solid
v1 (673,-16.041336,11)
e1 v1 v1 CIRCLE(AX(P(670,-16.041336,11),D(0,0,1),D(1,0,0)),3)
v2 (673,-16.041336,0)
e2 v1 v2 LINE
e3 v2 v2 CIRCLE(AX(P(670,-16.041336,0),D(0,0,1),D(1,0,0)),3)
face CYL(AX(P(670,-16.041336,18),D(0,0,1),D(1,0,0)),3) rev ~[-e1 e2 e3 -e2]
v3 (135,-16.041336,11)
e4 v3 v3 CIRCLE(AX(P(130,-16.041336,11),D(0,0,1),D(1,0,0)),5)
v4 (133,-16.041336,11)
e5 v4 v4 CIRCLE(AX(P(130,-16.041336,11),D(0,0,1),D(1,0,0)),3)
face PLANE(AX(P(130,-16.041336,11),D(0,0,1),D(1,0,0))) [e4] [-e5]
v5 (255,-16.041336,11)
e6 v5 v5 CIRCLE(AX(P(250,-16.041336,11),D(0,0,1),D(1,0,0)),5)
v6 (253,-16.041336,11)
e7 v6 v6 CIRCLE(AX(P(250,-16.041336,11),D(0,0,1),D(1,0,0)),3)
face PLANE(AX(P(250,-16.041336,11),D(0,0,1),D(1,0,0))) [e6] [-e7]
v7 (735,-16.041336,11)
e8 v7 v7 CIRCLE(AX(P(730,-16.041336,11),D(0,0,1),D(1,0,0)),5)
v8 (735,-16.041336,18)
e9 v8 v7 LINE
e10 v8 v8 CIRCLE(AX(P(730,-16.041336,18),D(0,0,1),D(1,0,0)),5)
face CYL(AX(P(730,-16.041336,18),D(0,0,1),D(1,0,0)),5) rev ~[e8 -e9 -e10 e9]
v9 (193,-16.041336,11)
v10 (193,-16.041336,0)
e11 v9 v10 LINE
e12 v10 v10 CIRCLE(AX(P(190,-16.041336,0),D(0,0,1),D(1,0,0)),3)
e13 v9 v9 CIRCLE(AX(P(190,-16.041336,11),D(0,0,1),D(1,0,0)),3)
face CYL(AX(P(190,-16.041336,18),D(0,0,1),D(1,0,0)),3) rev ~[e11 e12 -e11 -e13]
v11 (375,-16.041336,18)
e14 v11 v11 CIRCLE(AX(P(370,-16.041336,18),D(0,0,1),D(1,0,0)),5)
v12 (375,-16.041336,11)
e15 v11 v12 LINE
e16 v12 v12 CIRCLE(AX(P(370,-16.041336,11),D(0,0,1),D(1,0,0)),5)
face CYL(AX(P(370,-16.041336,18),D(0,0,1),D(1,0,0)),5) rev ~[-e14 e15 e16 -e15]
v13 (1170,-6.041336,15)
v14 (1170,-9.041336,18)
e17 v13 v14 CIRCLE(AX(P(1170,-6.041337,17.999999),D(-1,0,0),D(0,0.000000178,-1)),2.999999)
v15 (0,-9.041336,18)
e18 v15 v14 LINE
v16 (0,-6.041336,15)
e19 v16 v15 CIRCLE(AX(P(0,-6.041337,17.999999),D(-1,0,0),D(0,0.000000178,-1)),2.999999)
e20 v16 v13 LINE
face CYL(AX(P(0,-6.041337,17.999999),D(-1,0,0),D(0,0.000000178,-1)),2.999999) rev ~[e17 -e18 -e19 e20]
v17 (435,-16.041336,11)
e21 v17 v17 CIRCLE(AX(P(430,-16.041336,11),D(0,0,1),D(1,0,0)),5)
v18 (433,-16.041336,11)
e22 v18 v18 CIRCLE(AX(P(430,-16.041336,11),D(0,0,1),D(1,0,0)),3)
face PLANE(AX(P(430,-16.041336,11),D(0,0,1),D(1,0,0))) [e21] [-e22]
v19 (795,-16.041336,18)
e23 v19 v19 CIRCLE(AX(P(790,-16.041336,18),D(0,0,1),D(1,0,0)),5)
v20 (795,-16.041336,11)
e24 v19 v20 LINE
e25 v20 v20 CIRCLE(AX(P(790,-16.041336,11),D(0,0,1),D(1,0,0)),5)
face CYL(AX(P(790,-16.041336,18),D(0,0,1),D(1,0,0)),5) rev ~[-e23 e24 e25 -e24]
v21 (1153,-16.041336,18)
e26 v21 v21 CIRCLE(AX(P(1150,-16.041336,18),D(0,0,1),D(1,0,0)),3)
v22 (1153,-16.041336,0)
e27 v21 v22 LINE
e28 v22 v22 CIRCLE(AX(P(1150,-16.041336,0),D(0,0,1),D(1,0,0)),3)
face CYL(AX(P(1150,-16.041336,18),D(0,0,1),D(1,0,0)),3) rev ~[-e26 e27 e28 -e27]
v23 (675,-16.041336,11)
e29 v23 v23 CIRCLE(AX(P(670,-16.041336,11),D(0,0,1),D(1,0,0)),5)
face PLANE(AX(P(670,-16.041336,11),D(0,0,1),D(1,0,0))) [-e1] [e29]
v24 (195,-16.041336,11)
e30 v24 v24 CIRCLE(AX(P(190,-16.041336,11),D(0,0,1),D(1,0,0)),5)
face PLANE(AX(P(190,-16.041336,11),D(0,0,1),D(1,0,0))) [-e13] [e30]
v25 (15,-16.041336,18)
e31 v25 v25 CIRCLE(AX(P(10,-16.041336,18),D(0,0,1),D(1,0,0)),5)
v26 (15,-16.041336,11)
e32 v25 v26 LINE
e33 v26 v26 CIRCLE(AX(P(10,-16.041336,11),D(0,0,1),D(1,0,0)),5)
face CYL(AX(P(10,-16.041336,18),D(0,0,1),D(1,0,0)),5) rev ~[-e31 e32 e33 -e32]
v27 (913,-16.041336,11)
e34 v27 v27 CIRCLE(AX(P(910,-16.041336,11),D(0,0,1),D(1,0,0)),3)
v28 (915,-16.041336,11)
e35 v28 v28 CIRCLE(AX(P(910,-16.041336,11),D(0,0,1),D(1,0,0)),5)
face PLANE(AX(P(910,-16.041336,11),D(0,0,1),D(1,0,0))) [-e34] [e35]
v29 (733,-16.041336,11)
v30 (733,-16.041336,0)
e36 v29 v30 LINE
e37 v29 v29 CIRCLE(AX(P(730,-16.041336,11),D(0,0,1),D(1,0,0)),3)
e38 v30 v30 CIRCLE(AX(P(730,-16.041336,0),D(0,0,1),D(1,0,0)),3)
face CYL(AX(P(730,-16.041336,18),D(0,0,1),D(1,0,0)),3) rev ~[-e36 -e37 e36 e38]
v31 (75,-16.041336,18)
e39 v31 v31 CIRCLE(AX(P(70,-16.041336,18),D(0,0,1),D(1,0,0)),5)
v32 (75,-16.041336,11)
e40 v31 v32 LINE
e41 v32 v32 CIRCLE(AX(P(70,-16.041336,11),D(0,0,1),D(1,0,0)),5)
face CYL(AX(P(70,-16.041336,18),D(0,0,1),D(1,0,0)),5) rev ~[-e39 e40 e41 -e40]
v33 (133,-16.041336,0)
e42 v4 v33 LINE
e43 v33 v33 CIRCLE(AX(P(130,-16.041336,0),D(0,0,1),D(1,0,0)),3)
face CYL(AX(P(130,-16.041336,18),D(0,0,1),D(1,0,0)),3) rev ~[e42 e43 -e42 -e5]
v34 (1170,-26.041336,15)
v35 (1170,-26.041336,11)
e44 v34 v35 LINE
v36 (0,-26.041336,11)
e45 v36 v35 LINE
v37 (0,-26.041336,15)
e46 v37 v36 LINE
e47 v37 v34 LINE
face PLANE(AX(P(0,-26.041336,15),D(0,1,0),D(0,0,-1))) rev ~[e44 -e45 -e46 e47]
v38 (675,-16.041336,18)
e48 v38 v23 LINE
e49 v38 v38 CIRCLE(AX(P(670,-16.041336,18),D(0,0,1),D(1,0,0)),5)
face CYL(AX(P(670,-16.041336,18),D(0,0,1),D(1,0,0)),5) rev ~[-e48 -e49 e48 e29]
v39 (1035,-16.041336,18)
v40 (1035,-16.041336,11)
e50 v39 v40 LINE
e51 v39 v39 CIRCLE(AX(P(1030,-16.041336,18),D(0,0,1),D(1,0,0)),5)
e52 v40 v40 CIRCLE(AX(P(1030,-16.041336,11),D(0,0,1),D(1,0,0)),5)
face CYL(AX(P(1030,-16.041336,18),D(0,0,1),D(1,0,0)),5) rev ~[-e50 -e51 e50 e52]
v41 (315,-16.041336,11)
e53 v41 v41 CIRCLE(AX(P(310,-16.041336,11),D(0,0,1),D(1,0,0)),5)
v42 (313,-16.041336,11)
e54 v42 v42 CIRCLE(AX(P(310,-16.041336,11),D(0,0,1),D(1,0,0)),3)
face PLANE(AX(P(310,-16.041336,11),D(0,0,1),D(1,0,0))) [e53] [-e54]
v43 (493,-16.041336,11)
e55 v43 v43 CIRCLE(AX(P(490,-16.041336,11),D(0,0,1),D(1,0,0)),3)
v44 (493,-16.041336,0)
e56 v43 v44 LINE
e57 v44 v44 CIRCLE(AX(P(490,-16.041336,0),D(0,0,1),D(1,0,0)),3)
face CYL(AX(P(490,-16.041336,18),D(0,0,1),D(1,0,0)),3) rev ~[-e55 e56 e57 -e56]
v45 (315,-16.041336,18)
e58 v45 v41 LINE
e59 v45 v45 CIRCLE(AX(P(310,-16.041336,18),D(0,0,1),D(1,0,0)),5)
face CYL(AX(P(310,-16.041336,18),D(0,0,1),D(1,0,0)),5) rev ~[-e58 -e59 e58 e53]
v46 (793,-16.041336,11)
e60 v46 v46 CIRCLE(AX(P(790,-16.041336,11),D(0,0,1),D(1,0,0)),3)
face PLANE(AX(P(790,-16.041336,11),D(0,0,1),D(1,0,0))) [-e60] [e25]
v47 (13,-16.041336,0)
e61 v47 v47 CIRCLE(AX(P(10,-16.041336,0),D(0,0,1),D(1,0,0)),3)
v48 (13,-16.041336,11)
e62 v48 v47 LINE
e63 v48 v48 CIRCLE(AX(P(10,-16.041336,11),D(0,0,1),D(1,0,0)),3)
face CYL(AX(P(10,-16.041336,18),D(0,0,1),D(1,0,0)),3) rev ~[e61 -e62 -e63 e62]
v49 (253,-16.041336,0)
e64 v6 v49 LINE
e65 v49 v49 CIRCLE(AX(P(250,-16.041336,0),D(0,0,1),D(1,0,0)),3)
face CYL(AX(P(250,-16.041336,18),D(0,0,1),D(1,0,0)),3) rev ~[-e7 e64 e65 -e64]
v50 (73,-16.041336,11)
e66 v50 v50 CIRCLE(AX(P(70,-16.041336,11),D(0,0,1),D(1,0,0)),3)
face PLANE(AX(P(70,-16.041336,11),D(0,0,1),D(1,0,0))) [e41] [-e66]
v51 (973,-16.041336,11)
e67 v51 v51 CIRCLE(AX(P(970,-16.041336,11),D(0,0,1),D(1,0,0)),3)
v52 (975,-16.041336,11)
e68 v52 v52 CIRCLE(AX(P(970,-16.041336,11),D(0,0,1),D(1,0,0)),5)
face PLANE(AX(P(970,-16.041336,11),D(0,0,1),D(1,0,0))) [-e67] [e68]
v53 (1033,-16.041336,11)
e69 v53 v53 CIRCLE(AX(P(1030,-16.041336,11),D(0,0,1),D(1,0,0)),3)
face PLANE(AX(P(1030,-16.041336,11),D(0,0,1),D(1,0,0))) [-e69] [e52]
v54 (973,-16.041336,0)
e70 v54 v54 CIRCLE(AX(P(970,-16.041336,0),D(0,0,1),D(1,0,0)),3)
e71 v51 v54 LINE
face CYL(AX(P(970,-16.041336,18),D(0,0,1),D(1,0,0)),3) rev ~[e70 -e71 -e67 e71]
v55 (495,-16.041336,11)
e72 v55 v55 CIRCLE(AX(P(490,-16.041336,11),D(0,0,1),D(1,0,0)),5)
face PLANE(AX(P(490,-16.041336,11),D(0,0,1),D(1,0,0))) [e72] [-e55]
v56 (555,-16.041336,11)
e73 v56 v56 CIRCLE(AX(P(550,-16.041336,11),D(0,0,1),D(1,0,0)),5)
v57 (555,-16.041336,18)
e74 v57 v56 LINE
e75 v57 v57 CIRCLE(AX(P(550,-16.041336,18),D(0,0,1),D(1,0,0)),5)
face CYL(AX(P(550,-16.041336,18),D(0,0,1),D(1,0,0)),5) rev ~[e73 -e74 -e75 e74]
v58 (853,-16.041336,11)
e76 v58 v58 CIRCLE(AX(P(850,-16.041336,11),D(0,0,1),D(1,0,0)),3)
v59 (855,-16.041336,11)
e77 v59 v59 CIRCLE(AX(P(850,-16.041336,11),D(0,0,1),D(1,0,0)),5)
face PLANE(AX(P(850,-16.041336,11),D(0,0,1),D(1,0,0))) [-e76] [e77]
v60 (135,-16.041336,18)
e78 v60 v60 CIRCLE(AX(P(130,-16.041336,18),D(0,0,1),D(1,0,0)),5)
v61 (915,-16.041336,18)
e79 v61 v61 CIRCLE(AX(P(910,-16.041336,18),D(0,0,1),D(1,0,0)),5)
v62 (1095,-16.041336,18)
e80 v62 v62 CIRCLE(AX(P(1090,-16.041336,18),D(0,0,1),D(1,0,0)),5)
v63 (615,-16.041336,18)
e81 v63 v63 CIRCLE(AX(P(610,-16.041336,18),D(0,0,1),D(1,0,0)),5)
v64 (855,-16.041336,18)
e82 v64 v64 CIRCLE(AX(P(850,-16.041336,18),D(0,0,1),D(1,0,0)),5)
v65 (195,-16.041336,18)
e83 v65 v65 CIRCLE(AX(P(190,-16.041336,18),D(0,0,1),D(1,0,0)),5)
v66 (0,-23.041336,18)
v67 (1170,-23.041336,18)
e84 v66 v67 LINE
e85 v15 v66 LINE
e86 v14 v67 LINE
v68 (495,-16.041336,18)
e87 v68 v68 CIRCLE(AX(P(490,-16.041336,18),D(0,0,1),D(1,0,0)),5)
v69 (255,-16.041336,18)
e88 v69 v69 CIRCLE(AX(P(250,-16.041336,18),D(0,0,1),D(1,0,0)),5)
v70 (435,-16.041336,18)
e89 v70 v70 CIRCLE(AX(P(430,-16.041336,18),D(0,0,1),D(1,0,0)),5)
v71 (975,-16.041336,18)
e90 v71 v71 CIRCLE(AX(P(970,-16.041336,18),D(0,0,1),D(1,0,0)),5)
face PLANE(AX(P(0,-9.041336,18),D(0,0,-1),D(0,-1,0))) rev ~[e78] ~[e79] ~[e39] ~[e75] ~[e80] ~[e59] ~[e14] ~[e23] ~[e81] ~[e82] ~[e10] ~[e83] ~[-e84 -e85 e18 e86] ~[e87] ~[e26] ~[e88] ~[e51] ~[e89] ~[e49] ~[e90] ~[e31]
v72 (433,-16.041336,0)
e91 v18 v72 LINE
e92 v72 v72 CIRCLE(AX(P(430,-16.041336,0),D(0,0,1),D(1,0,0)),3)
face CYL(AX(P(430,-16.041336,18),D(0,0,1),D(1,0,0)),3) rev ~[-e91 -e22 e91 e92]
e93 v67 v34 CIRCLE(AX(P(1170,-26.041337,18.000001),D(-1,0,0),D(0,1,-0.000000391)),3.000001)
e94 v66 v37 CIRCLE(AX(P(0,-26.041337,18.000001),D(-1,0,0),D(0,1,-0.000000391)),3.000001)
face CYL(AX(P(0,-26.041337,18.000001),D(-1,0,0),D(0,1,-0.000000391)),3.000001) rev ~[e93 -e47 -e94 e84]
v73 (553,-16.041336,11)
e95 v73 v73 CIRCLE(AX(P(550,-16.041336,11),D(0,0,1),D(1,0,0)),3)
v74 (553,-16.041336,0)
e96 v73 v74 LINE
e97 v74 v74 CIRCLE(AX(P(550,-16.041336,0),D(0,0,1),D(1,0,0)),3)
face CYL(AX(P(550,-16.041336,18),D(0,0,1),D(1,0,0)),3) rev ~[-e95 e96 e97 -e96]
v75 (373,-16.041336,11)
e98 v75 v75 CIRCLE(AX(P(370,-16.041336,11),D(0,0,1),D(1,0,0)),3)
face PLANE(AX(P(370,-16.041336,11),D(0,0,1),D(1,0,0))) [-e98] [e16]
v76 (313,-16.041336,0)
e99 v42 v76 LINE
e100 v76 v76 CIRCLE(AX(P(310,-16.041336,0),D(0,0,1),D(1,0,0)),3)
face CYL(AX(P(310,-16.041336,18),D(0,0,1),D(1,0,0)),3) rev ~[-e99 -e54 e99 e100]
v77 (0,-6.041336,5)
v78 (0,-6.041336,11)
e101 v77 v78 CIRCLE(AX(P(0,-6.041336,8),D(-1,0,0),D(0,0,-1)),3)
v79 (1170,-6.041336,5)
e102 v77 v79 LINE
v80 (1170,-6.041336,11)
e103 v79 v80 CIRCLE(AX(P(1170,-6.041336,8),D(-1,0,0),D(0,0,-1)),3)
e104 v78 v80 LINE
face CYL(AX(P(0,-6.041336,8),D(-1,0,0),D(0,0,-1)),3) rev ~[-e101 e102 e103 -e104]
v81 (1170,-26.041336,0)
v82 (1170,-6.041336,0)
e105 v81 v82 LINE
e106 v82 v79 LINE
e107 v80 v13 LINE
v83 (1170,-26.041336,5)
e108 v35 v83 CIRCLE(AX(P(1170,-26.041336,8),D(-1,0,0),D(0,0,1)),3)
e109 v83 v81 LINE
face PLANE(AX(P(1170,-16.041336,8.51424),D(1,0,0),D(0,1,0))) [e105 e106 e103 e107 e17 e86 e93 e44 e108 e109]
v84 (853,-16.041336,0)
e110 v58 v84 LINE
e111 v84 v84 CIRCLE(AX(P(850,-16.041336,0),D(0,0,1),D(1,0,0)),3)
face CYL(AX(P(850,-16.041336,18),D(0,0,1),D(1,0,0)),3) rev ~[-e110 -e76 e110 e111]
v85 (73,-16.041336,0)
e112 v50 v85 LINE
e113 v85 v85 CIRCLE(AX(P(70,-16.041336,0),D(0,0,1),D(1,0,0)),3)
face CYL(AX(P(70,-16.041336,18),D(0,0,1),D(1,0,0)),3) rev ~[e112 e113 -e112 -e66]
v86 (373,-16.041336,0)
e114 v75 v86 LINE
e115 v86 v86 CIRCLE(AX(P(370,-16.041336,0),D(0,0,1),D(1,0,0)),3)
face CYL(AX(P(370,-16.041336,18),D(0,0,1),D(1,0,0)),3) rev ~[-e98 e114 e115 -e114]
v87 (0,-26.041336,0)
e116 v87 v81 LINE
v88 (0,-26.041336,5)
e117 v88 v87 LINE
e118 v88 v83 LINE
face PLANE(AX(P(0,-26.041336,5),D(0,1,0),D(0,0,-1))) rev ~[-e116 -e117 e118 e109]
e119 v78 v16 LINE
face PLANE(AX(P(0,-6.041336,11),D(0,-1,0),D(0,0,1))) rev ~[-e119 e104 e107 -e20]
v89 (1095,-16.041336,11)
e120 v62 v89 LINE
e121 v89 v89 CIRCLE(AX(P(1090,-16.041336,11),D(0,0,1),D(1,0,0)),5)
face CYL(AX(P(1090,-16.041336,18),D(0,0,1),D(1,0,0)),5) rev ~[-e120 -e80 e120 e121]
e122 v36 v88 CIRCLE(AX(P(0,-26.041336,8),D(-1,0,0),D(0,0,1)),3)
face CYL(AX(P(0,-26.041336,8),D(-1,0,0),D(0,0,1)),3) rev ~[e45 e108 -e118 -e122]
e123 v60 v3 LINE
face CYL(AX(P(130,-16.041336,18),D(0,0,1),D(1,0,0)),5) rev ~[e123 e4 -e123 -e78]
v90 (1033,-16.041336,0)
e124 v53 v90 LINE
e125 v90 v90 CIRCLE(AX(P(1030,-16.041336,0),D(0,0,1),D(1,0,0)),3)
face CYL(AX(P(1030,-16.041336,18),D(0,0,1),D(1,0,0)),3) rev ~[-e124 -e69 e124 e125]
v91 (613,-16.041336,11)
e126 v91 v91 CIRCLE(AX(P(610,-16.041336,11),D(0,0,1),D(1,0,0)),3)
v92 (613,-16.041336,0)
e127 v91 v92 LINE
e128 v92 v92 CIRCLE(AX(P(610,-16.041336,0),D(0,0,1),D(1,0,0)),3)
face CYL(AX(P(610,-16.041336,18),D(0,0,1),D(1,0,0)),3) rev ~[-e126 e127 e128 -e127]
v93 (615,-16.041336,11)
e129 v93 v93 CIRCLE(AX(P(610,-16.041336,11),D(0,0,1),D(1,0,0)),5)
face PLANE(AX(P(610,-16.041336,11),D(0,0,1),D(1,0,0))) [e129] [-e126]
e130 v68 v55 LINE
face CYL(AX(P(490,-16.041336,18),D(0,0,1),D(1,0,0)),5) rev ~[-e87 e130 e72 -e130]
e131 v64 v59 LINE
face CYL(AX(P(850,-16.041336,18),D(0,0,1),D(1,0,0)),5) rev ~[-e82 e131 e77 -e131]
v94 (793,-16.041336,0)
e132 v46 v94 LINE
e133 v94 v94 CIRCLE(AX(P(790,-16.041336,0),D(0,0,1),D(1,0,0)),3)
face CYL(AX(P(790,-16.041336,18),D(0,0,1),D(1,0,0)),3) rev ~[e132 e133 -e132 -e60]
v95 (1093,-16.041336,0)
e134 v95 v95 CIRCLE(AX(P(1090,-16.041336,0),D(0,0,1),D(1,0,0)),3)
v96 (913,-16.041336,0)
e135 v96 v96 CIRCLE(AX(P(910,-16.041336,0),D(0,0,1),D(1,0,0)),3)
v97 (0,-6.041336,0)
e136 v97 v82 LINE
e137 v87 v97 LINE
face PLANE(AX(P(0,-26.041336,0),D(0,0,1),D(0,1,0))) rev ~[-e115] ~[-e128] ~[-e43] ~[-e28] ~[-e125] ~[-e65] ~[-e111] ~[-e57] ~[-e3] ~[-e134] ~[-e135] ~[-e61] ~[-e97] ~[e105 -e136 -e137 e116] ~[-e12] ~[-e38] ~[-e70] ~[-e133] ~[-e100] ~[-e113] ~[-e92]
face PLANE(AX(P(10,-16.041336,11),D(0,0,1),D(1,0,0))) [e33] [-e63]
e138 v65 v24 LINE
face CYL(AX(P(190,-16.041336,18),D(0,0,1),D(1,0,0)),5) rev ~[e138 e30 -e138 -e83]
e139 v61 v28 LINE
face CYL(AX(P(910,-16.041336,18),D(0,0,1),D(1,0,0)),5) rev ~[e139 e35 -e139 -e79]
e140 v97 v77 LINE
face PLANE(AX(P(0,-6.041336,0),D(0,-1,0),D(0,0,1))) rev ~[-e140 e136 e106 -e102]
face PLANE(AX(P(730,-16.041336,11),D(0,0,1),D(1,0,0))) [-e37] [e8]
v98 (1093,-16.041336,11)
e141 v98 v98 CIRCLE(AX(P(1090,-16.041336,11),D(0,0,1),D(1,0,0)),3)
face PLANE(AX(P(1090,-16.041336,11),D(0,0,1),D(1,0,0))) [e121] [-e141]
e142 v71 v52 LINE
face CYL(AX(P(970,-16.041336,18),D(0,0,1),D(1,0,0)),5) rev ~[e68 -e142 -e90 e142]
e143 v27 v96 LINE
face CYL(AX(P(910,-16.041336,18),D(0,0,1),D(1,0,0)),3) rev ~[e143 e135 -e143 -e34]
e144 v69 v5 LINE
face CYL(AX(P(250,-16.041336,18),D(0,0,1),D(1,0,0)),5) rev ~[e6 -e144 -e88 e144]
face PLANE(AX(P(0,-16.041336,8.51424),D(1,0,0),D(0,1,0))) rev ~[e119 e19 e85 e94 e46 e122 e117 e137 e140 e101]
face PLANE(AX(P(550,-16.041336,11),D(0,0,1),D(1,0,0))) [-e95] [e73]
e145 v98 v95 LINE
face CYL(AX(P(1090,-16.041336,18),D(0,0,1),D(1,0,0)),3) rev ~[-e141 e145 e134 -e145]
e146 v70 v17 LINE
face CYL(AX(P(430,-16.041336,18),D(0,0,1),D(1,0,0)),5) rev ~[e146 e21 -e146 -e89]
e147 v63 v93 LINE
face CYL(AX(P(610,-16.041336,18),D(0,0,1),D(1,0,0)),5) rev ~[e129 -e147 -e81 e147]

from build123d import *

# Parameters (mm, degrees)
F1_DEPTH = 1170
F2_R     = 3
F3_DEPTH = 18
F4_R     = 5
F5_DEPTH = 7


with BuildPart() as f1:
    # F0 (on Right) → F1 (new body)
    with BuildSketch(Plane.YZ):
        with BuildLine():
            Line((-26.041336, 5), (-26.041336, 0))
            Line((-26.041336, 0), (-6.041336, 0))
            Line((-6.041336, 0), (-6.041336, 5))
            ThreePointArc((-6.041336, 5), (-9.041336, 8), (-6.041336, 11))
            Line((-6.041336, 11), (-6.041336, 15))
            ThreePointArc((-6.041336, 15), (-8.162657, 15.87868), (-9.041336, 18))
            Line((-9.041336, 18), (-23.041336, 18))
            ThreePointArc((-23.041336, 18), (-23.920016, 15.87868), (-26.041336, 15))
            Line((-26.041336, 15), (-26.041336, 11))
            ThreePointArc((-26.041336, 11), (-23.041336, 8), (-26.041336, 5))
        make_face()
    extrude(amount=F1_DEPTH)

    # F2 (on face) → F3 (cut)
    with BuildSketch(Plane.XY.offset(18)):
        with Locations((10, -16.041336)):
            Circle(F2_R)
        with Locations((70, -16.041336)):
            Circle(F2_R)
        with Locations((130, -16.041336)):
            Circle(F2_R)
        with Locations((190, -16.041336)):
            Circle(F2_R)
        with Locations((250, -16.041336)):
            Circle(F2_R)
        with Locations((310, -16.041336)):
            Circle(F2_R)
        with Locations((370, -16.041336)):
            Circle(F2_R)
        with Locations((430, -16.041336)):
            Circle(F2_R)
        with Locations((490, -16.041336)):
            Circle(F2_R)
        with Locations((550, -16.041336)):
            Circle(F2_R)
        with Locations((610, -16.041336)):
            Circle(F2_R)
        with Locations((670, -16.041336)):
            Circle(F2_R)
        with Locations((730, -16.041336)):
            Circle(F2_R)
        with Locations((790, -16.041336)):
            Circle(F2_R)
        with Locations((850, -16.041336)):
            Circle(F2_R)
        with Locations((910, -16.041336)):
            Circle(F2_R)
        with Locations((970, -16.041336)):
            Circle(F2_R)
        with Locations((1030, -16.041336)):
            Circle(F2_R)
        with Locations((1090, -16.041336)):
            Circle(F2_R)
        with Locations((1150, -16.041336)):
            Circle(F2_R)
        with Locations((1210, -16.041336)):
            Circle(F2_R)
        with Locations((1270, -16.041336)):
            Circle(F2_R)
        with Locations((1330, -16.041336)):
            Circle(F2_R)
        with Locations((1390, -16.041336)):
            Circle(F2_R)
        with Locations((1450, -16.041336)):
            Circle(F2_R)
        with Locations((1510, -16.041336)):
            Circle(F2_R)
        with Locations((1570, -16.041336)):
            Circle(F2_R)
        with Locations((1630, -16.041336)):
            Circle(F2_R)
        with Locations((1690, -16.041336)):
            Circle(F2_R)
        with Locations((1750, -16.041336)):
            Circle(F2_R)
        with Locations((1810, -16.041336)):
            Circle(F2_R)
        with Locations((1870, -16.041336)):
            Circle(F2_R)
        with Locations((1930, -16.041336)):
            Circle(F2_R)
        with Locations((1990, -16.041336)):
            Circle(F2_R)
    extrude(amount=-F3_DEPTH, mode=Mode.SUBTRACT)

    # F4 (on face) → F5 (cut)
    with BuildSketch(Plane.XY.offset(18)):
        with Locations((10, -16.041336)):
            Circle(F4_R)
        with Locations((70, -16.041336)):
            Circle(F4_R)
        with Locations((130, -16.041336)):
            Circle(F4_R)
        with Locations((190, -16.041336)):
            Circle(F4_R)
        with Locations((250, -16.041336)):
            Circle(F4_R)
        with Locations((310, -16.041336)):
            Circle(F4_R)
        with Locations((370, -16.041336)):
            Circle(F4_R)
        with Locations((430, -16.041336)):
            Circle(F4_R)
        with Locations((490, -16.041336)):
            Circle(F4_R)
        with Locations((550, -16.041336)):
            Circle(F4_R)
        with Locations((610, -16.041336)):
            Circle(F4_R)
        with Locations((670, -16.041336)):
            Circle(F4_R)
        with Locations((730, -16.041336)):
            Circle(F4_R)
        with Locations((790, -16.041336)):
            Circle(F4_R)
        with Locations((850, -16.041336)):
            Circle(F4_R)
        with Locations((910, -16.041336)):
            Circle(F4_R)
        with Locations((970, -16.041336)):
            Circle(F4_R)
        with Locations((1030, -16.041336)):
            Circle(F4_R)
        with Locations((1090, -16.041336)):
            Circle(F4_R)
    extrude(amount=-F5_DEPTH, mode=Mode.SUBTRACT)


solid = f1.part
